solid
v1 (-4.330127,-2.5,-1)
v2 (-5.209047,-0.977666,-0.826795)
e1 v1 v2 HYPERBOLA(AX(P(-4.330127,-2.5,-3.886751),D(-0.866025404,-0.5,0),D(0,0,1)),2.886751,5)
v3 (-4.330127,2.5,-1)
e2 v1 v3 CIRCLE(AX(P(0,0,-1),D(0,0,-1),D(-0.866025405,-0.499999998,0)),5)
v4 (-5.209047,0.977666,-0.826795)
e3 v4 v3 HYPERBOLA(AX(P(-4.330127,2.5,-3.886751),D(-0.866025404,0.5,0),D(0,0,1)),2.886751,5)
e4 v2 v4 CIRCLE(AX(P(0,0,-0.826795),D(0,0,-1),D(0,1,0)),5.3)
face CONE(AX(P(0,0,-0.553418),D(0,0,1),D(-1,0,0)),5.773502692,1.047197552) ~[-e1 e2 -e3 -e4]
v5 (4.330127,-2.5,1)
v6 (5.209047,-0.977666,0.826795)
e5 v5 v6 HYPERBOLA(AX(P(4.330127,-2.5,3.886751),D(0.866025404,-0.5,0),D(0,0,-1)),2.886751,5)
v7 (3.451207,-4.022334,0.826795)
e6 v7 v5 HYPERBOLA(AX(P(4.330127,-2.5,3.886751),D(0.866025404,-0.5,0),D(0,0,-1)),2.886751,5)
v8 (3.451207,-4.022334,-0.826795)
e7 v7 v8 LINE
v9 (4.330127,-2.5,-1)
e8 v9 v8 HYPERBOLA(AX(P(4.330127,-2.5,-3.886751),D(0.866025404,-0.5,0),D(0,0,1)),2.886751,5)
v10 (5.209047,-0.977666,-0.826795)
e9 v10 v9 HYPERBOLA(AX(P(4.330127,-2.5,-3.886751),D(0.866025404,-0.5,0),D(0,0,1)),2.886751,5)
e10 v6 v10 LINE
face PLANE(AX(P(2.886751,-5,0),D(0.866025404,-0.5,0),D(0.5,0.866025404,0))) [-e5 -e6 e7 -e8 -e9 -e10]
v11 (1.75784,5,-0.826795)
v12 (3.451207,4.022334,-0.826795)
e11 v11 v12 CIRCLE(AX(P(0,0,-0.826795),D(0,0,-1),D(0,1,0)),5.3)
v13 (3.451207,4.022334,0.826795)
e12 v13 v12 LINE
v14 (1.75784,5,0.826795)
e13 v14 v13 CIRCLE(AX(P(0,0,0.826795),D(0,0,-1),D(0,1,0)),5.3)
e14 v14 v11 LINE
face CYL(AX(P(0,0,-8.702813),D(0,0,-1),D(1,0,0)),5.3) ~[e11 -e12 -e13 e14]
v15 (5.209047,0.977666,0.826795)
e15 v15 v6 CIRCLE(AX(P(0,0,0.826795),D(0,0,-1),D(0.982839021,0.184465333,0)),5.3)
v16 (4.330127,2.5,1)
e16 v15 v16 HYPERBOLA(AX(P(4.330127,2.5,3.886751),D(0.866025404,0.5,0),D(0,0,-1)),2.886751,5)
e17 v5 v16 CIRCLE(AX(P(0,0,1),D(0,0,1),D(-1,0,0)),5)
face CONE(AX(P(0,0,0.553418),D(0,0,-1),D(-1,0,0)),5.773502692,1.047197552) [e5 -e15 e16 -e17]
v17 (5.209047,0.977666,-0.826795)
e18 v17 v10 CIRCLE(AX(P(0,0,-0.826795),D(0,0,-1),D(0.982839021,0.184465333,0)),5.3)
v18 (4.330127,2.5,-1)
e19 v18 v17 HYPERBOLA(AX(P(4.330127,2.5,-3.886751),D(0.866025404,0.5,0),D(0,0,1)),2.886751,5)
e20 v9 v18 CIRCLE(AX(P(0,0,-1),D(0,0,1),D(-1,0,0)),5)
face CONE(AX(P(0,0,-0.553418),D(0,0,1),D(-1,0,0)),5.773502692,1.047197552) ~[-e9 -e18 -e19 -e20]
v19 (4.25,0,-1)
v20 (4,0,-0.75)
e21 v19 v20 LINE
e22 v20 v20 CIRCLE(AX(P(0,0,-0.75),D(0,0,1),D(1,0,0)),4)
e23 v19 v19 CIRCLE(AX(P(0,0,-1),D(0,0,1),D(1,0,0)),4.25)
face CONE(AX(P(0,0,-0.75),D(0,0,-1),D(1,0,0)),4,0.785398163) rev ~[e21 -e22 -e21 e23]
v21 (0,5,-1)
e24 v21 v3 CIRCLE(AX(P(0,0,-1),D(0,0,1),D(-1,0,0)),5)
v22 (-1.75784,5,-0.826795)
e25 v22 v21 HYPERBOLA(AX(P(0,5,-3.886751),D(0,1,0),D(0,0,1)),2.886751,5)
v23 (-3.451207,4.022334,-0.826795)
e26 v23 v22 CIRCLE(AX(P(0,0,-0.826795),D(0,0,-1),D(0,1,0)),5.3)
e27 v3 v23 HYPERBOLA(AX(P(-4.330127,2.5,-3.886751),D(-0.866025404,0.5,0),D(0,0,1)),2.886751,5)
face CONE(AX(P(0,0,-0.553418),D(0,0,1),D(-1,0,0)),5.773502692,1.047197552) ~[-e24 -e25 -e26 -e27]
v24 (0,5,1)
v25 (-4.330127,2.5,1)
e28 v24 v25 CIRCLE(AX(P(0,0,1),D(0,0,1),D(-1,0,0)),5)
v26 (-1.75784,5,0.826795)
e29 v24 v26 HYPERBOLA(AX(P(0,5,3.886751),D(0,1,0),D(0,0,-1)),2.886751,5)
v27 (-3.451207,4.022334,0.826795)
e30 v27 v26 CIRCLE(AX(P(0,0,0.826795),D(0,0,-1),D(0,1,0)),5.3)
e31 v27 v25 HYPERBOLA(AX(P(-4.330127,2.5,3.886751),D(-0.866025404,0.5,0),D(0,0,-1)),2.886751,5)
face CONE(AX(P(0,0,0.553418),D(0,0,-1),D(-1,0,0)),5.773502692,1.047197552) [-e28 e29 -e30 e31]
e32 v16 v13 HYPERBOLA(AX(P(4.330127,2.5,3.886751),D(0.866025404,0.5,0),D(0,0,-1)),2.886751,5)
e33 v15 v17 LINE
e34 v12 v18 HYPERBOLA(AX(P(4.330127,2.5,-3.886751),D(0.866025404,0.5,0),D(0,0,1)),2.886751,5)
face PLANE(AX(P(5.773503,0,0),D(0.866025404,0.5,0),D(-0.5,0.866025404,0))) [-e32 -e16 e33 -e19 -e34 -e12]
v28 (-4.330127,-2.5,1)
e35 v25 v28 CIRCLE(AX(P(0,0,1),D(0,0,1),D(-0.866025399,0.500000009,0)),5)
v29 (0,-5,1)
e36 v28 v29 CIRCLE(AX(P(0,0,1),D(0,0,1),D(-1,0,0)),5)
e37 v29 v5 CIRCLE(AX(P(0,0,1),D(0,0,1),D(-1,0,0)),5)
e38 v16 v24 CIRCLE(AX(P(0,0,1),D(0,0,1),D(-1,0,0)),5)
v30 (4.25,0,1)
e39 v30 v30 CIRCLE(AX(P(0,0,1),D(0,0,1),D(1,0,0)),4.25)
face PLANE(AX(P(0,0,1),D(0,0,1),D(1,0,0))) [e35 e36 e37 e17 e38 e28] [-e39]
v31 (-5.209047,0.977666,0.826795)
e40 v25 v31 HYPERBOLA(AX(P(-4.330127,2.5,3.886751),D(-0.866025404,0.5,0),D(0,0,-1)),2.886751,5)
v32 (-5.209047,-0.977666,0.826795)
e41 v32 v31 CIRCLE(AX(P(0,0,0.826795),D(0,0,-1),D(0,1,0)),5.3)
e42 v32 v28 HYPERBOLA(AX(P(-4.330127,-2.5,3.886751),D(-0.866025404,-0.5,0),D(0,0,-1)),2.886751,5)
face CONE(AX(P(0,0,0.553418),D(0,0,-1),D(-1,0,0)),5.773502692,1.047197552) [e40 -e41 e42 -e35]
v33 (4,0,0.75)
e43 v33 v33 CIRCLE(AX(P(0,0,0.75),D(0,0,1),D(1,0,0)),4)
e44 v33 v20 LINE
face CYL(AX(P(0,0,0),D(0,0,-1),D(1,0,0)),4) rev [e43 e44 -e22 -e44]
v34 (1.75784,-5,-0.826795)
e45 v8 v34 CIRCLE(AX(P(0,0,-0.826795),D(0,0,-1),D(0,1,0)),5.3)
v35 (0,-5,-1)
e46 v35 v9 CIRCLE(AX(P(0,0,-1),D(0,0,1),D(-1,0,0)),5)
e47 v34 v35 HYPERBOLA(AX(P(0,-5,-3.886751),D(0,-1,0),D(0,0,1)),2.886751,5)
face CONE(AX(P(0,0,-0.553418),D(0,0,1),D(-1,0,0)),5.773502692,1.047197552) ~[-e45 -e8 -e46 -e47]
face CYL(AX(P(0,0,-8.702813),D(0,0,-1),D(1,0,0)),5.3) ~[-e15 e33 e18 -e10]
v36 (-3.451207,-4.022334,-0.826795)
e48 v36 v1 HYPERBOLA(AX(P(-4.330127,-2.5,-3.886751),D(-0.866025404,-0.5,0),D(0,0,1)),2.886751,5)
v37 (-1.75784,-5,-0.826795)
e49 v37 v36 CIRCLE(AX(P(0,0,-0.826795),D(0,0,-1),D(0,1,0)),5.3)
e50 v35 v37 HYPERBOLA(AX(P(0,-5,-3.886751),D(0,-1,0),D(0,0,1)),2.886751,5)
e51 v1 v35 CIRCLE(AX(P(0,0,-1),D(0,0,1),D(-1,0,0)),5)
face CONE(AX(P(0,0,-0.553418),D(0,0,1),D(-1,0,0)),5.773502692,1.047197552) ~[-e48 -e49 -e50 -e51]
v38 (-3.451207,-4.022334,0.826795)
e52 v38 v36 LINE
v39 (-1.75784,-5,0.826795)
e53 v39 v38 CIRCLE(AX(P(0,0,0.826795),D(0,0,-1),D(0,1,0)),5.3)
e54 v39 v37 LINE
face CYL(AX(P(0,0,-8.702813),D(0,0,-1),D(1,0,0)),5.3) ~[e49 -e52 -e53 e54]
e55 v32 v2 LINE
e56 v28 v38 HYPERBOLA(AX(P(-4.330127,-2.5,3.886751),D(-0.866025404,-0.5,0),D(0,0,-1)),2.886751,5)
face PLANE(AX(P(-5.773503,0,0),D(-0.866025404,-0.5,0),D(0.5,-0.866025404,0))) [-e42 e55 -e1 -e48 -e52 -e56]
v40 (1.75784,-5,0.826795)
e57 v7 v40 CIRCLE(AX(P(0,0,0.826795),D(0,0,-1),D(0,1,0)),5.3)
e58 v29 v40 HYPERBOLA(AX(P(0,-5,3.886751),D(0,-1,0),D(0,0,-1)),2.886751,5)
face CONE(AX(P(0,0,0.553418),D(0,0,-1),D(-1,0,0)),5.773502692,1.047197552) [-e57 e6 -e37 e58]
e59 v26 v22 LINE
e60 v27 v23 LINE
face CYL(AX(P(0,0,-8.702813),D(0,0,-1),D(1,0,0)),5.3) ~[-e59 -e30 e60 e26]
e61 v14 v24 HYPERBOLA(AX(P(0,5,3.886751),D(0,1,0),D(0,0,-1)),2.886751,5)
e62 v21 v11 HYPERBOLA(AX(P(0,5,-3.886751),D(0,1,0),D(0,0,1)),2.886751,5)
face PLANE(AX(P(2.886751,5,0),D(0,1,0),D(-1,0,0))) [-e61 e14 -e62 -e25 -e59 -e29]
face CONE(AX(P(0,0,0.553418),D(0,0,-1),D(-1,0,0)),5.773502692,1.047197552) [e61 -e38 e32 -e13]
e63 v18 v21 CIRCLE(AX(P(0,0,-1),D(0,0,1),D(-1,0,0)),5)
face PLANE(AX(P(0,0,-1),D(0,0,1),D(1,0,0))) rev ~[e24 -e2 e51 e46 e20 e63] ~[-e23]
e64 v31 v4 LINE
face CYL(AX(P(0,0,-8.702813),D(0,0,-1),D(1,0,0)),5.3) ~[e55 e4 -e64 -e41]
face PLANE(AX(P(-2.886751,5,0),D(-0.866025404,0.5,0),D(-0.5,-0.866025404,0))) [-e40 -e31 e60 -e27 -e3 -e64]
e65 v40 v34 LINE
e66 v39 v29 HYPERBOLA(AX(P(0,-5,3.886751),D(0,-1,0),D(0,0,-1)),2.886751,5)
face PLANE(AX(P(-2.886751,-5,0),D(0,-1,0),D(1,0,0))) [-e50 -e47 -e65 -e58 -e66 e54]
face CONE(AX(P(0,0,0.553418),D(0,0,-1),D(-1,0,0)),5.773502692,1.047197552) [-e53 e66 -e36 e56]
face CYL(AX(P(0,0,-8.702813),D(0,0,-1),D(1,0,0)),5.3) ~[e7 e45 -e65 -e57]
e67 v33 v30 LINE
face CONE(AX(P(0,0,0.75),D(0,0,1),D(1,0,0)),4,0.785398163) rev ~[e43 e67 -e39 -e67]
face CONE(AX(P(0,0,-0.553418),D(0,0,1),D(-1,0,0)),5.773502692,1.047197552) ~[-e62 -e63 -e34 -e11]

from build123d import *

# Parameters (mm, degrees)
HEX_SKETCH_R               = 4
HEX_2_DEPTH                = 1
HEX_CHAM_ID_SIZE           = 0.25
HEX_ROUND_DEPTH            = 8.702813339
HEX_ROUND_DEPTH_BACK       = 8.702813339
HEX_ROUND_SKETCH_OUTSIDE_W = 16.63
HEX_ROUND_SKETCH_OUTSIDE_H = 15.082
HEX_ROUND_SKETCH_OUTSIDE_R = 5.3


with BuildPart() as part:
    # Hex_Sketch → Hex 2 (new, symmetric)
    with BuildSketch(Plane.XY):
        Polygon((2.886751346, 5), (-2.886751346, 5), (-5.773502692, 0), (-2.886751346, -5), (2.886751346, -5), (5.773502692, 0), align=None)
        Circle(HEX_SKETCH_R, mode=Mode.SUBTRACT)
    extrude(amount=HEX_2_DEPTH, both=True)

    # Hex Cham OD_Sketch → Hex Cham OD (revolve, cut)
    with BuildSketch(Plane(origin=(0, 0, 0), x_dir=(1, 0, 0), z_dir=(0, 1, 0))):
        Polygon((-5.773502692, 1), (-5.773502692, 0.553418013), (-5, 1), align=None)
        Polygon((-5, -1), (-5.773502692, -1), (-5.773502692, -0.553418013), align=None)
    revolve(axis=Axis((0, 0, -5.304715554), (0, 0, 1)), mode=Mode.SUBTRACT)

    # Hex Cham ID
    hex_cham_id_edges = [part.edges().sort_by_distance(p)[0] for p in [
        (-4, 0, -1),
        (-4, 0, 1),
    ]]
    chamfer(hex_cham_id_edges, length=HEX_CHAM_ID_SIZE)

    # Hex Round_Sketch outside → Hex Round (cut, two sides: drawn at the far end of the back side and taken through both)
    with BuildSketch(Plane.XY.offset(-HEX_ROUND_DEPTH_BACK)):
        Rectangle(HEX_ROUND_SKETCH_OUTSIDE_W, HEX_ROUND_SKETCH_OUTSIDE_H)
        Circle(HEX_ROUND_SKETCH_OUTSIDE_R, mode=Mode.SUBTRACT)
    extrude(amount=HEX_ROUND_DEPTH + HEX_ROUND_DEPTH_BACK, mode=Mode.SUBTRACT)


solid = part.part
